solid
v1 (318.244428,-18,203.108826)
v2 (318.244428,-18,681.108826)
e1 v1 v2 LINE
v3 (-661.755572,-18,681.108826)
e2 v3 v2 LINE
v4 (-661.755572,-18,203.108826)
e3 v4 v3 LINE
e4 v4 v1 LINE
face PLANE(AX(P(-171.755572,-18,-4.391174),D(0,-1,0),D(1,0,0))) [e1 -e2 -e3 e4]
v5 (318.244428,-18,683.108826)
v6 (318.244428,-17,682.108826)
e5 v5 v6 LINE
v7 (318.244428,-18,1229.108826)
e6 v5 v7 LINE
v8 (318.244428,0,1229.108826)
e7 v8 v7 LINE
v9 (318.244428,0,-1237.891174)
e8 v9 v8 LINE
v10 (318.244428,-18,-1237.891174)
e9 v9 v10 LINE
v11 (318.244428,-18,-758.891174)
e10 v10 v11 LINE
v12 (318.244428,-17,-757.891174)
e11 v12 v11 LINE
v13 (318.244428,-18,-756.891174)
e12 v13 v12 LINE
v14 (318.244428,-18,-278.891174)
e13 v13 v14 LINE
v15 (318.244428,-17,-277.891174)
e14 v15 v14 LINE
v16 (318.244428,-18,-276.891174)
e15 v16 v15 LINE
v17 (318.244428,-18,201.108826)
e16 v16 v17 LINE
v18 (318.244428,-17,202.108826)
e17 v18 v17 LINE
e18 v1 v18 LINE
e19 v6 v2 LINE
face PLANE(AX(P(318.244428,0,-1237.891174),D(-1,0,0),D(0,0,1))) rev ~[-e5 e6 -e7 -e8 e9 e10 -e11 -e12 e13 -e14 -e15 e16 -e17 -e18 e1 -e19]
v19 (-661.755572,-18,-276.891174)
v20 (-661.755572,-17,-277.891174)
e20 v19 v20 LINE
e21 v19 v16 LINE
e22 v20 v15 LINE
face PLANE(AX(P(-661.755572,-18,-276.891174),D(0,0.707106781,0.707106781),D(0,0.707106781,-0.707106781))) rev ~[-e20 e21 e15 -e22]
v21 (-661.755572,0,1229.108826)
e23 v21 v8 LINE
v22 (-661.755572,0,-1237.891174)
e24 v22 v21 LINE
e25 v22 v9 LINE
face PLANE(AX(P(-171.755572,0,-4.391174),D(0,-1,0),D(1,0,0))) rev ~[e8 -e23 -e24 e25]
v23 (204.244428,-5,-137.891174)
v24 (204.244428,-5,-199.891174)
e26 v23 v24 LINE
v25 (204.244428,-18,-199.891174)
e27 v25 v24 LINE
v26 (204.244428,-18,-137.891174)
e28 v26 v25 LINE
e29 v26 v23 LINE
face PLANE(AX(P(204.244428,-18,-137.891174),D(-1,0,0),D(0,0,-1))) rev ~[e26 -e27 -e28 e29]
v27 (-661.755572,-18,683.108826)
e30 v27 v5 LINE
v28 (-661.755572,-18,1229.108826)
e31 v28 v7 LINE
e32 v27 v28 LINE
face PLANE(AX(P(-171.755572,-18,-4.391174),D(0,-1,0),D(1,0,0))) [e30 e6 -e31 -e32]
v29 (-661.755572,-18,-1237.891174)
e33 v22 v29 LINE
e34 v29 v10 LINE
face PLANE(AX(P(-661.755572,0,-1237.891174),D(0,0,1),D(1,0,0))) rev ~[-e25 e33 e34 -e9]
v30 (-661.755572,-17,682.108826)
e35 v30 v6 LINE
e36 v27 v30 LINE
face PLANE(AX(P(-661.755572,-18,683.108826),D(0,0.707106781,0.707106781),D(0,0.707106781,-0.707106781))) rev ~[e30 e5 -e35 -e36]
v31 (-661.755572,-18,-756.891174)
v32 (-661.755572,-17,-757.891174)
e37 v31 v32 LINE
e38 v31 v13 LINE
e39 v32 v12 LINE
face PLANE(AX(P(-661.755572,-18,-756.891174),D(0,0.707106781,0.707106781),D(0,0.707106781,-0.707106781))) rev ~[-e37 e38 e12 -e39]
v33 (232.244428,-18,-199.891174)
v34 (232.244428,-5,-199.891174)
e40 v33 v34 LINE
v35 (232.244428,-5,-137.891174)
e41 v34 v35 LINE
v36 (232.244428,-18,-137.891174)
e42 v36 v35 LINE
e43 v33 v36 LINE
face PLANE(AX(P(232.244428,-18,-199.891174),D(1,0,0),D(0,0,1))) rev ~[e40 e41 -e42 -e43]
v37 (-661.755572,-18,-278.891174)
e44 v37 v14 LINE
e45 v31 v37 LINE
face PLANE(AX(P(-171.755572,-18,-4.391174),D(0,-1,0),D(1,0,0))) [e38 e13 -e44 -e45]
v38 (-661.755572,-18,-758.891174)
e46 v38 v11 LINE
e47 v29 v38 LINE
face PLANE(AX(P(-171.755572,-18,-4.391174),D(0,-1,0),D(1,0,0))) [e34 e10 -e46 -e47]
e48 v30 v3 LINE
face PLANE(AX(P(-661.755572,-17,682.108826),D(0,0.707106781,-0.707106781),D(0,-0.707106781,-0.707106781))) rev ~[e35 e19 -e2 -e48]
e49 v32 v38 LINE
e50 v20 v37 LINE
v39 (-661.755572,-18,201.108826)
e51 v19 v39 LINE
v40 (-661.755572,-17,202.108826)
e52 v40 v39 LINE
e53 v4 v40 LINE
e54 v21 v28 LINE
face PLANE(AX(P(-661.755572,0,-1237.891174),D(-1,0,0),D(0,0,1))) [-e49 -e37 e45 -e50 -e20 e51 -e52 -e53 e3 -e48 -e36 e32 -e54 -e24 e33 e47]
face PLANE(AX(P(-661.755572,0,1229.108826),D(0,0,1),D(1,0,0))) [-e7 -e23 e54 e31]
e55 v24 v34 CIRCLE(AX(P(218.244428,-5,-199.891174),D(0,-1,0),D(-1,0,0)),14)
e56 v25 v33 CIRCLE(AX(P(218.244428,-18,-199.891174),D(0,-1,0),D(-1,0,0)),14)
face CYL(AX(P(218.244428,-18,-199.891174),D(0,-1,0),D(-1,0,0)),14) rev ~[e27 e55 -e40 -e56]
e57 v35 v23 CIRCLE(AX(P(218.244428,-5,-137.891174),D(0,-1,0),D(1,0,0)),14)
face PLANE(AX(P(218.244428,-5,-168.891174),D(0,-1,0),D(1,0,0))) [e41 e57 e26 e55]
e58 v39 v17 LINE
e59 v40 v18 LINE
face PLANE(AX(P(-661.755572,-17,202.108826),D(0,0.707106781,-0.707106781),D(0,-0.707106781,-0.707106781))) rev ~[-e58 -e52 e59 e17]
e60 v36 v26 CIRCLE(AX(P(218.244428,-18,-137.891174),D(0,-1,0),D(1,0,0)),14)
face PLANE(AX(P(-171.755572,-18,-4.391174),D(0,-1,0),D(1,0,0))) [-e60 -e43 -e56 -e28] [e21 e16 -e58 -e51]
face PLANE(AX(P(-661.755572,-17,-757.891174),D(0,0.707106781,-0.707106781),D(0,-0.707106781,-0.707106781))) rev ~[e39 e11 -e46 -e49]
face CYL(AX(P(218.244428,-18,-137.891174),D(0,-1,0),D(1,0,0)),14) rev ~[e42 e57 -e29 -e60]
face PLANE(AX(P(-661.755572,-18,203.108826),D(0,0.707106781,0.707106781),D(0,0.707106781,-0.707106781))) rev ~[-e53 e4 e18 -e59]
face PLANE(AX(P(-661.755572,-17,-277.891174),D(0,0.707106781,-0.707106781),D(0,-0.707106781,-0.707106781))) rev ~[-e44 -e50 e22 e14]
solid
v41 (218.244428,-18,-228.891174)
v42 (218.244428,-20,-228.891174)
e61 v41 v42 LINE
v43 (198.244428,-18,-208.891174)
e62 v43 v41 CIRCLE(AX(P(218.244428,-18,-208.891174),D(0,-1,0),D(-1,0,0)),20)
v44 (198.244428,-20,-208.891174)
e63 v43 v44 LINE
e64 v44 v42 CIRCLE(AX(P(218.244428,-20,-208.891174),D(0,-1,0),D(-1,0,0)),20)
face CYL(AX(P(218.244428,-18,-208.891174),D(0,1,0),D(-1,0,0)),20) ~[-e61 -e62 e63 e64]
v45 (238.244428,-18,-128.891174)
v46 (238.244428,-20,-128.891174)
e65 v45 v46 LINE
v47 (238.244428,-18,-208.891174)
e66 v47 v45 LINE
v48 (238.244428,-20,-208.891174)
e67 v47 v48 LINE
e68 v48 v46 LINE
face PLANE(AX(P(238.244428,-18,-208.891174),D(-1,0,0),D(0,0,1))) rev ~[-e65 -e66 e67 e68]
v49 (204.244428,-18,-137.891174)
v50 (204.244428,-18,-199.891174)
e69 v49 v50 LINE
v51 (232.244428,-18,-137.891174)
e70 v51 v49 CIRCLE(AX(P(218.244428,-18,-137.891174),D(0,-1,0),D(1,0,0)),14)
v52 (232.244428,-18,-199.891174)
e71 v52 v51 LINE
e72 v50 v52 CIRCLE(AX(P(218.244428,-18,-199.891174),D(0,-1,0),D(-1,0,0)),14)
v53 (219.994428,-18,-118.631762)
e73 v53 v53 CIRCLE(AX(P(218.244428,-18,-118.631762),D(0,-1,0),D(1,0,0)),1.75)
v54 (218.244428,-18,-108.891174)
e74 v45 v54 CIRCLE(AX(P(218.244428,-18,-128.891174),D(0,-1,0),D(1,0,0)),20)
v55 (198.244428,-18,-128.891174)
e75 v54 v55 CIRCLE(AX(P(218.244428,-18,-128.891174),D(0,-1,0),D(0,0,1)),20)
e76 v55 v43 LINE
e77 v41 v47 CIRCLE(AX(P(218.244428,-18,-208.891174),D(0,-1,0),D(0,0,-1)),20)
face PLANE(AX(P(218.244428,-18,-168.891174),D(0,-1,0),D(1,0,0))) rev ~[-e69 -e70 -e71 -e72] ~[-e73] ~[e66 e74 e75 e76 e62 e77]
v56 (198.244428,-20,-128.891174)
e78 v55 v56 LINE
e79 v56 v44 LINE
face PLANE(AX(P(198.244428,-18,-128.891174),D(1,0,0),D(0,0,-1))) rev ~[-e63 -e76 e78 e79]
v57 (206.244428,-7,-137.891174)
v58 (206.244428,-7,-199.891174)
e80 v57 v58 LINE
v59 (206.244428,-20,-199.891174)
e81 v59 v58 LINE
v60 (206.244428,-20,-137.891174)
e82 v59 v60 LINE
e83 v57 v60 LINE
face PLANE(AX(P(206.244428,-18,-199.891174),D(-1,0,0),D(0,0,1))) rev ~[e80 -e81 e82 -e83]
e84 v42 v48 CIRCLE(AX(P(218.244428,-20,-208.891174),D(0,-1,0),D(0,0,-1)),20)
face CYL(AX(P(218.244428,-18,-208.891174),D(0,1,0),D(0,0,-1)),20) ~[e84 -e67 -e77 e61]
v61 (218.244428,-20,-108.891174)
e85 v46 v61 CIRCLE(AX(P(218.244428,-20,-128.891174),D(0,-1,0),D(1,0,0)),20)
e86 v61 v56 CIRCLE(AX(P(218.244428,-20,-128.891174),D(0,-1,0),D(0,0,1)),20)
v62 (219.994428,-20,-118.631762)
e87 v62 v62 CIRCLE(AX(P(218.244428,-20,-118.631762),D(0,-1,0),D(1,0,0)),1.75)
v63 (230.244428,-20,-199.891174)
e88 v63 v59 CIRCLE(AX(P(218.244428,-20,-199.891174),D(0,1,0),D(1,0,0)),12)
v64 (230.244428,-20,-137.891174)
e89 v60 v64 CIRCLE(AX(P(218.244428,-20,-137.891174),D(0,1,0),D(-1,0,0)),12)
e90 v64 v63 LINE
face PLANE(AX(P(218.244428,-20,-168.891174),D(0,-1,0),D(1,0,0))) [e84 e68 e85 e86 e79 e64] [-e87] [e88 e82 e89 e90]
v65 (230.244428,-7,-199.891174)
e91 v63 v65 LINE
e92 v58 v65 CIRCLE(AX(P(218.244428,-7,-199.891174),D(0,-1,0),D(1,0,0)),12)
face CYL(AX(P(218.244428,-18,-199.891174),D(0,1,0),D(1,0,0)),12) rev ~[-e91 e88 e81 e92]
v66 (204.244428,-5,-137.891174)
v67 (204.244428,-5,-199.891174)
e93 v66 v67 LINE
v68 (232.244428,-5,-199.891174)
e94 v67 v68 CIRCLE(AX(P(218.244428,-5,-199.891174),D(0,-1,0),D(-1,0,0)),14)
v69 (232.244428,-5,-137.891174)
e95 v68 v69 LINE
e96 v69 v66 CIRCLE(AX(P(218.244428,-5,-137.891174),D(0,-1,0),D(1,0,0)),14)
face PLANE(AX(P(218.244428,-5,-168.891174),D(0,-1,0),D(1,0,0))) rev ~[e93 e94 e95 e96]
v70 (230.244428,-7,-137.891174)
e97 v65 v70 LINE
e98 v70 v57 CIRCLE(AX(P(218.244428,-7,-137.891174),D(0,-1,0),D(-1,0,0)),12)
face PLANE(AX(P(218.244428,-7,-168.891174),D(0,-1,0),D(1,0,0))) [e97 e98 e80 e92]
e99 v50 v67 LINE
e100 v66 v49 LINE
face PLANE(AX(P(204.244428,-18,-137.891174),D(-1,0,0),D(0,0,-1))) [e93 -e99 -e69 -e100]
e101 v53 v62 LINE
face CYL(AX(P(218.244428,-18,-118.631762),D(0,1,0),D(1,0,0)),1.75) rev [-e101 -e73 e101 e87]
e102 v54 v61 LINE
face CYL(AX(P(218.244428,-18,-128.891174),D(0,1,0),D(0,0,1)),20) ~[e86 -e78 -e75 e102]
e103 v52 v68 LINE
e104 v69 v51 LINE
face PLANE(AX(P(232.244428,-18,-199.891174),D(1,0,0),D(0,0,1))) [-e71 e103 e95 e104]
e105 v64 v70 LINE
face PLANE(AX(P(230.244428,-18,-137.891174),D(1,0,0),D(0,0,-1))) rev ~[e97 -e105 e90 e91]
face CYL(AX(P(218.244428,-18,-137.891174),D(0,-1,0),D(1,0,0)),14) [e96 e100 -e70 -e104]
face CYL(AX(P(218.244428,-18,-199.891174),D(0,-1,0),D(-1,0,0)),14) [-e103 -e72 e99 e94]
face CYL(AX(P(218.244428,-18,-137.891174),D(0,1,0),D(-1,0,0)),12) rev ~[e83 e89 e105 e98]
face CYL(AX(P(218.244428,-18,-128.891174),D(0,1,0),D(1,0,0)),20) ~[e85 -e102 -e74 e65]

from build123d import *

# Parameters (mm, degrees)
F0_W     = 980
F0_H     = 2467
F1_DEPTH = 18
F3_DEPTH = 980.001
F5_DEPTH = 13
F6_DEPTH = 13
F7_START = -11
F7_DEPTH = 2
F4_R     = 1.75
F8_DEPTH = 2


with BuildPart() as f1:
    # F0 (on Front) → F1 (new body)
    with BuildSketch(Plane.XZ):
        with Locations((-171.7555719672, -4.3911735862)):
            Rectangle(F0_W, F0_H)
    extrude(amount=F1_DEPTH)

    # F2 (on face) → F3 (cut, through all)
    with BuildSketch(Plane(origin=(-661.7555719672, 0, 0), x_dir=(0, -1, 0), z_dir=(-1, 0, 0))):
        Polygon((18, -757.8911735862), (18, -756.8911735862), (17, -757.8911735862), (18, -758.8911735862), align=None)
        Polygon((18, 682.1088264138), (18, 683.1088264138), (17, 682.1088264138), (18, 681.1088264138), align=None)
        Polygon((17, -277.8911735862), (18, -278.8911735862), (18, -277.8911735862), (18, -276.8911735862), align=None)
        Polygon((17, 202.1088264138), (18, 201.1088264138), (18, 202.1088264138), (18, 203.1088264138), align=None)
    extrude(amount=-F3_DEPTH, mode=Mode.SUBTRACT)

    # F4 (on face) → F5 (cut)
    with BuildSketch(Plane.XZ.offset(18)):
        with BuildLine():
            Line((232.2444280328, -199.8911735862), (232.2444280328, -137.8911735862))
            ThreePointArc((232.2444280328, -137.8911735862), (218.2444280328, -123.8911735862), (204.2444280328, -137.8911735862))
            Line((204.2444280328, -137.8911735862), (204.2444280328, -199.8911735862))
            ThreePointArc((204.2444280328, -199.8911735862), (218.2444280328, -213.8911735862), (232.2444280328, -199.8911735862))
        make_face()
        with BuildLine():
            ThreePointArc((206.2444280328, -137.8911735862), (218.2444280328, -125.8911735862), (230.2444280328, -137.8911735862))
            Line((230.2444280328, -137.8911735862), (230.2444280328, -199.8911735862))
            ThreePointArc((230.2444280328, -199.8911735862), (218.2444280328, -211.8911735862), (206.2444280328, -199.8911735862))
            Line((206.2444280328, -199.8911735862), (206.2444280328, -137.8911735862))
        make_face(mode=Mode.SUBTRACT)
        with BuildLine():
            Line((230.2444280328, -199.8911735862), (230.2444280328, -137.8911735862))
            ThreePointArc((230.2444280328, -137.8911735862), (218.2444280328, -125.8911735862), (206.2444280328, -137.8911735862))
            Line((206.2444280328, -137.8911735862), (206.2444280328, -199.8911735862))
            ThreePointArc((206.2444280328, -199.8911735862), (218.2444280328, -211.8911735862), (230.2444280328, -199.8911735862))
        make_face()
    extrude(amount=-F5_DEPTH, mode=Mode.SUBTRACT)


with BuildPart() as f6:
    # F4 (on face) → F6 (new body)
    with BuildSketch(Plane.XZ.offset(18)):
        with BuildLine():
            Line((232.2444280328, -199.8911735862), (232.2444280328, -137.8911735862))
            ThreePointArc((232.2444280328, -137.8911735862), (218.2444280328, -123.8911735862), (204.2444280328, -137.8911735862))
            Line((204.2444280328, -137.8911735862), (204.2444280328, -199.8911735862))
            ThreePointArc((204.2444280328, -199.8911735862), (218.2444280328, -213.8911735862), (232.2444280328, -199.8911735862))
        make_face()
        with BuildLine():
            ThreePointArc((206.2444280328, -137.8911735862), (218.2444280328, -125.8911735862), (230.2444280328, -137.8911735862))
            Line((230.2444280328, -137.8911735862), (230.2444280328, -199.8911735862))
            ThreePointArc((230.2444280328, -199.8911735862), (218.2444280328, -211.8911735862), (206.2444280328, -199.8911735862))
            Line((206.2444280328, -199.8911735862), (206.2444280328, -137.8911735862))
        make_face(mode=Mode.SUBTRACT)
    extrude(amount=-F6_DEPTH)

    # F4 (on face) → F7 (join)
    with BuildSketch(Plane.XZ.offset(18).offset(F7_START)):
        with BuildLine():
            Line((232.2444280328, -199.8911735862), (232.2444280328, -137.8911735862))
            ThreePointArc((232.2444280328, -137.8911735862), (218.2444280328, -123.8911735862), (204.2444280328, -137.8911735862))
            Line((204.2444280328, -137.8911735862), (204.2444280328, -199.8911735862))
            ThreePointArc((204.2444280328, -199.8911735862), (218.2444280328, -213.8911735862), (232.2444280328, -199.8911735862))
        make_face()
        with BuildLine():
            ThreePointArc((206.2444280328, -137.8911735862), (218.2444280328, -125.8911735862), (230.2444280328, -137.8911735862))
            Line((230.2444280328, -137.8911735862), (230.2444280328, -199.8911735862))
            ThreePointArc((230.2444280328, -199.8911735862), (218.2444280328, -211.8911735862), (206.2444280328, -199.8911735862))
            Line((206.2444280328, -199.8911735862), (206.2444280328, -137.8911735862))
        make_face(mode=Mode.SUBTRACT)
        with BuildLine():
            Line((230.2444280328, -199.8911735862), (230.2444280328, -137.8911735862))
            ThreePointArc((230.2444280328, -137.8911735862), (218.2444280328, -125.8911735862), (206.2444280328, -137.8911735862))
            Line((206.2444280328, -137.8911735862), (206.2444280328, -199.8911735862))
            ThreePointArc((206.2444280328, -199.8911735862), (218.2444280328, -211.8911735862), (230.2444280328, -199.8911735862))
        make_face()
    extrude(amount=-F7_DEPTH)

    # F4 (on face) → F8 (join)
    with BuildSketch(Plane.XZ.offset(18)):
        with BuildLine():
            ThreePointArc((238.2444280328, -128.8911735862), (232.3865636565, -114.7490379625), (218.2444280328, -108.8911735862))
            ThreePointArc((218.2444280328, -108.8911735862), (204.1022924091, -114.7490379625), (198.2444280328, -128.8911735862))
            Line((198.2444280328, -128.8911735862), (198.2444280328, -168.8911735862))
            Line((198.2444280328, -168.8911735862), (198.2444280328, -208.8911735862))
            ThreePointArc((198.2444280328, -208.8911735862), (204.1022924091, -223.03330921), (218.2444280328, -228.8911735862))
            ThreePointArc((218.2444280328, -228.8911735862), (232.3865636565, -223.03330921), (238.2444280328, -208.8911735862))
            Line((238.2444280328, -208.8911735862), (238.2444280328, -168.8911735862))
            Line((238.2444280328, -168.8911735862), (238.2444280328, -128.8911735862))
        make_face()
        with BuildLine():
            ThreePointArc((204.2444280328, -137.8911735862), (218.2444280328, -123.8911735862), (232.2444280328, -137.8911735862))
            Line((232.2444280328, -137.8911735862), (232.2444280328, -199.8911735862))
            ThreePointArc((232.2444280328, -199.8911735862), (218.2444280328, -213.8911735862), (204.2444280328, -199.8911735862))
            Line((204.2444280328, -199.8911735862), (204.2444280328, -137.8911735862))
        make_face(mode=Mode.SUBTRACT)
        with Locations((218.2444280328, -118.6317622662)):
            Circle(F4_R, mode=Mode.SUBTRACT)
        with BuildLine():
            Line((232.2444280328, -199.8911735862), (232.2444280328, -137.8911735862))
            ThreePointArc((232.2444280328, -137.8911735862), (218.2444280328, -123.8911735862), (204.2444280328, -137.8911735862))
            Line((204.2444280328, -137.8911735862), (204.2444280328, -199.8911735862))
            ThreePointArc((204.2444280328, -199.8911735862), (218.2444280328, -213.8911735862), (232.2444280328, -199.8911735862))
        make_face()
        with BuildLine():
            ThreePointArc((206.2444280328, -137.8911735862), (218.2444280328, -125.8911735862), (230.2444280328, -137.8911735862))
            Line((230.2444280328, -137.8911735862), (230.2444280328, -199.8911735862))
            ThreePointArc((230.2444280328, -199.8911735862), (218.2444280328, -211.8911735862), (206.2444280328, -199.8911735862))
            Line((206.2444280328, -199.8911735862), (206.2444280328, -137.8911735862))
        make_face(mode=Mode.SUBTRACT)
    extrude(amount=F8_DEPTH)


solid = Compound([f1.part, f6.part])
